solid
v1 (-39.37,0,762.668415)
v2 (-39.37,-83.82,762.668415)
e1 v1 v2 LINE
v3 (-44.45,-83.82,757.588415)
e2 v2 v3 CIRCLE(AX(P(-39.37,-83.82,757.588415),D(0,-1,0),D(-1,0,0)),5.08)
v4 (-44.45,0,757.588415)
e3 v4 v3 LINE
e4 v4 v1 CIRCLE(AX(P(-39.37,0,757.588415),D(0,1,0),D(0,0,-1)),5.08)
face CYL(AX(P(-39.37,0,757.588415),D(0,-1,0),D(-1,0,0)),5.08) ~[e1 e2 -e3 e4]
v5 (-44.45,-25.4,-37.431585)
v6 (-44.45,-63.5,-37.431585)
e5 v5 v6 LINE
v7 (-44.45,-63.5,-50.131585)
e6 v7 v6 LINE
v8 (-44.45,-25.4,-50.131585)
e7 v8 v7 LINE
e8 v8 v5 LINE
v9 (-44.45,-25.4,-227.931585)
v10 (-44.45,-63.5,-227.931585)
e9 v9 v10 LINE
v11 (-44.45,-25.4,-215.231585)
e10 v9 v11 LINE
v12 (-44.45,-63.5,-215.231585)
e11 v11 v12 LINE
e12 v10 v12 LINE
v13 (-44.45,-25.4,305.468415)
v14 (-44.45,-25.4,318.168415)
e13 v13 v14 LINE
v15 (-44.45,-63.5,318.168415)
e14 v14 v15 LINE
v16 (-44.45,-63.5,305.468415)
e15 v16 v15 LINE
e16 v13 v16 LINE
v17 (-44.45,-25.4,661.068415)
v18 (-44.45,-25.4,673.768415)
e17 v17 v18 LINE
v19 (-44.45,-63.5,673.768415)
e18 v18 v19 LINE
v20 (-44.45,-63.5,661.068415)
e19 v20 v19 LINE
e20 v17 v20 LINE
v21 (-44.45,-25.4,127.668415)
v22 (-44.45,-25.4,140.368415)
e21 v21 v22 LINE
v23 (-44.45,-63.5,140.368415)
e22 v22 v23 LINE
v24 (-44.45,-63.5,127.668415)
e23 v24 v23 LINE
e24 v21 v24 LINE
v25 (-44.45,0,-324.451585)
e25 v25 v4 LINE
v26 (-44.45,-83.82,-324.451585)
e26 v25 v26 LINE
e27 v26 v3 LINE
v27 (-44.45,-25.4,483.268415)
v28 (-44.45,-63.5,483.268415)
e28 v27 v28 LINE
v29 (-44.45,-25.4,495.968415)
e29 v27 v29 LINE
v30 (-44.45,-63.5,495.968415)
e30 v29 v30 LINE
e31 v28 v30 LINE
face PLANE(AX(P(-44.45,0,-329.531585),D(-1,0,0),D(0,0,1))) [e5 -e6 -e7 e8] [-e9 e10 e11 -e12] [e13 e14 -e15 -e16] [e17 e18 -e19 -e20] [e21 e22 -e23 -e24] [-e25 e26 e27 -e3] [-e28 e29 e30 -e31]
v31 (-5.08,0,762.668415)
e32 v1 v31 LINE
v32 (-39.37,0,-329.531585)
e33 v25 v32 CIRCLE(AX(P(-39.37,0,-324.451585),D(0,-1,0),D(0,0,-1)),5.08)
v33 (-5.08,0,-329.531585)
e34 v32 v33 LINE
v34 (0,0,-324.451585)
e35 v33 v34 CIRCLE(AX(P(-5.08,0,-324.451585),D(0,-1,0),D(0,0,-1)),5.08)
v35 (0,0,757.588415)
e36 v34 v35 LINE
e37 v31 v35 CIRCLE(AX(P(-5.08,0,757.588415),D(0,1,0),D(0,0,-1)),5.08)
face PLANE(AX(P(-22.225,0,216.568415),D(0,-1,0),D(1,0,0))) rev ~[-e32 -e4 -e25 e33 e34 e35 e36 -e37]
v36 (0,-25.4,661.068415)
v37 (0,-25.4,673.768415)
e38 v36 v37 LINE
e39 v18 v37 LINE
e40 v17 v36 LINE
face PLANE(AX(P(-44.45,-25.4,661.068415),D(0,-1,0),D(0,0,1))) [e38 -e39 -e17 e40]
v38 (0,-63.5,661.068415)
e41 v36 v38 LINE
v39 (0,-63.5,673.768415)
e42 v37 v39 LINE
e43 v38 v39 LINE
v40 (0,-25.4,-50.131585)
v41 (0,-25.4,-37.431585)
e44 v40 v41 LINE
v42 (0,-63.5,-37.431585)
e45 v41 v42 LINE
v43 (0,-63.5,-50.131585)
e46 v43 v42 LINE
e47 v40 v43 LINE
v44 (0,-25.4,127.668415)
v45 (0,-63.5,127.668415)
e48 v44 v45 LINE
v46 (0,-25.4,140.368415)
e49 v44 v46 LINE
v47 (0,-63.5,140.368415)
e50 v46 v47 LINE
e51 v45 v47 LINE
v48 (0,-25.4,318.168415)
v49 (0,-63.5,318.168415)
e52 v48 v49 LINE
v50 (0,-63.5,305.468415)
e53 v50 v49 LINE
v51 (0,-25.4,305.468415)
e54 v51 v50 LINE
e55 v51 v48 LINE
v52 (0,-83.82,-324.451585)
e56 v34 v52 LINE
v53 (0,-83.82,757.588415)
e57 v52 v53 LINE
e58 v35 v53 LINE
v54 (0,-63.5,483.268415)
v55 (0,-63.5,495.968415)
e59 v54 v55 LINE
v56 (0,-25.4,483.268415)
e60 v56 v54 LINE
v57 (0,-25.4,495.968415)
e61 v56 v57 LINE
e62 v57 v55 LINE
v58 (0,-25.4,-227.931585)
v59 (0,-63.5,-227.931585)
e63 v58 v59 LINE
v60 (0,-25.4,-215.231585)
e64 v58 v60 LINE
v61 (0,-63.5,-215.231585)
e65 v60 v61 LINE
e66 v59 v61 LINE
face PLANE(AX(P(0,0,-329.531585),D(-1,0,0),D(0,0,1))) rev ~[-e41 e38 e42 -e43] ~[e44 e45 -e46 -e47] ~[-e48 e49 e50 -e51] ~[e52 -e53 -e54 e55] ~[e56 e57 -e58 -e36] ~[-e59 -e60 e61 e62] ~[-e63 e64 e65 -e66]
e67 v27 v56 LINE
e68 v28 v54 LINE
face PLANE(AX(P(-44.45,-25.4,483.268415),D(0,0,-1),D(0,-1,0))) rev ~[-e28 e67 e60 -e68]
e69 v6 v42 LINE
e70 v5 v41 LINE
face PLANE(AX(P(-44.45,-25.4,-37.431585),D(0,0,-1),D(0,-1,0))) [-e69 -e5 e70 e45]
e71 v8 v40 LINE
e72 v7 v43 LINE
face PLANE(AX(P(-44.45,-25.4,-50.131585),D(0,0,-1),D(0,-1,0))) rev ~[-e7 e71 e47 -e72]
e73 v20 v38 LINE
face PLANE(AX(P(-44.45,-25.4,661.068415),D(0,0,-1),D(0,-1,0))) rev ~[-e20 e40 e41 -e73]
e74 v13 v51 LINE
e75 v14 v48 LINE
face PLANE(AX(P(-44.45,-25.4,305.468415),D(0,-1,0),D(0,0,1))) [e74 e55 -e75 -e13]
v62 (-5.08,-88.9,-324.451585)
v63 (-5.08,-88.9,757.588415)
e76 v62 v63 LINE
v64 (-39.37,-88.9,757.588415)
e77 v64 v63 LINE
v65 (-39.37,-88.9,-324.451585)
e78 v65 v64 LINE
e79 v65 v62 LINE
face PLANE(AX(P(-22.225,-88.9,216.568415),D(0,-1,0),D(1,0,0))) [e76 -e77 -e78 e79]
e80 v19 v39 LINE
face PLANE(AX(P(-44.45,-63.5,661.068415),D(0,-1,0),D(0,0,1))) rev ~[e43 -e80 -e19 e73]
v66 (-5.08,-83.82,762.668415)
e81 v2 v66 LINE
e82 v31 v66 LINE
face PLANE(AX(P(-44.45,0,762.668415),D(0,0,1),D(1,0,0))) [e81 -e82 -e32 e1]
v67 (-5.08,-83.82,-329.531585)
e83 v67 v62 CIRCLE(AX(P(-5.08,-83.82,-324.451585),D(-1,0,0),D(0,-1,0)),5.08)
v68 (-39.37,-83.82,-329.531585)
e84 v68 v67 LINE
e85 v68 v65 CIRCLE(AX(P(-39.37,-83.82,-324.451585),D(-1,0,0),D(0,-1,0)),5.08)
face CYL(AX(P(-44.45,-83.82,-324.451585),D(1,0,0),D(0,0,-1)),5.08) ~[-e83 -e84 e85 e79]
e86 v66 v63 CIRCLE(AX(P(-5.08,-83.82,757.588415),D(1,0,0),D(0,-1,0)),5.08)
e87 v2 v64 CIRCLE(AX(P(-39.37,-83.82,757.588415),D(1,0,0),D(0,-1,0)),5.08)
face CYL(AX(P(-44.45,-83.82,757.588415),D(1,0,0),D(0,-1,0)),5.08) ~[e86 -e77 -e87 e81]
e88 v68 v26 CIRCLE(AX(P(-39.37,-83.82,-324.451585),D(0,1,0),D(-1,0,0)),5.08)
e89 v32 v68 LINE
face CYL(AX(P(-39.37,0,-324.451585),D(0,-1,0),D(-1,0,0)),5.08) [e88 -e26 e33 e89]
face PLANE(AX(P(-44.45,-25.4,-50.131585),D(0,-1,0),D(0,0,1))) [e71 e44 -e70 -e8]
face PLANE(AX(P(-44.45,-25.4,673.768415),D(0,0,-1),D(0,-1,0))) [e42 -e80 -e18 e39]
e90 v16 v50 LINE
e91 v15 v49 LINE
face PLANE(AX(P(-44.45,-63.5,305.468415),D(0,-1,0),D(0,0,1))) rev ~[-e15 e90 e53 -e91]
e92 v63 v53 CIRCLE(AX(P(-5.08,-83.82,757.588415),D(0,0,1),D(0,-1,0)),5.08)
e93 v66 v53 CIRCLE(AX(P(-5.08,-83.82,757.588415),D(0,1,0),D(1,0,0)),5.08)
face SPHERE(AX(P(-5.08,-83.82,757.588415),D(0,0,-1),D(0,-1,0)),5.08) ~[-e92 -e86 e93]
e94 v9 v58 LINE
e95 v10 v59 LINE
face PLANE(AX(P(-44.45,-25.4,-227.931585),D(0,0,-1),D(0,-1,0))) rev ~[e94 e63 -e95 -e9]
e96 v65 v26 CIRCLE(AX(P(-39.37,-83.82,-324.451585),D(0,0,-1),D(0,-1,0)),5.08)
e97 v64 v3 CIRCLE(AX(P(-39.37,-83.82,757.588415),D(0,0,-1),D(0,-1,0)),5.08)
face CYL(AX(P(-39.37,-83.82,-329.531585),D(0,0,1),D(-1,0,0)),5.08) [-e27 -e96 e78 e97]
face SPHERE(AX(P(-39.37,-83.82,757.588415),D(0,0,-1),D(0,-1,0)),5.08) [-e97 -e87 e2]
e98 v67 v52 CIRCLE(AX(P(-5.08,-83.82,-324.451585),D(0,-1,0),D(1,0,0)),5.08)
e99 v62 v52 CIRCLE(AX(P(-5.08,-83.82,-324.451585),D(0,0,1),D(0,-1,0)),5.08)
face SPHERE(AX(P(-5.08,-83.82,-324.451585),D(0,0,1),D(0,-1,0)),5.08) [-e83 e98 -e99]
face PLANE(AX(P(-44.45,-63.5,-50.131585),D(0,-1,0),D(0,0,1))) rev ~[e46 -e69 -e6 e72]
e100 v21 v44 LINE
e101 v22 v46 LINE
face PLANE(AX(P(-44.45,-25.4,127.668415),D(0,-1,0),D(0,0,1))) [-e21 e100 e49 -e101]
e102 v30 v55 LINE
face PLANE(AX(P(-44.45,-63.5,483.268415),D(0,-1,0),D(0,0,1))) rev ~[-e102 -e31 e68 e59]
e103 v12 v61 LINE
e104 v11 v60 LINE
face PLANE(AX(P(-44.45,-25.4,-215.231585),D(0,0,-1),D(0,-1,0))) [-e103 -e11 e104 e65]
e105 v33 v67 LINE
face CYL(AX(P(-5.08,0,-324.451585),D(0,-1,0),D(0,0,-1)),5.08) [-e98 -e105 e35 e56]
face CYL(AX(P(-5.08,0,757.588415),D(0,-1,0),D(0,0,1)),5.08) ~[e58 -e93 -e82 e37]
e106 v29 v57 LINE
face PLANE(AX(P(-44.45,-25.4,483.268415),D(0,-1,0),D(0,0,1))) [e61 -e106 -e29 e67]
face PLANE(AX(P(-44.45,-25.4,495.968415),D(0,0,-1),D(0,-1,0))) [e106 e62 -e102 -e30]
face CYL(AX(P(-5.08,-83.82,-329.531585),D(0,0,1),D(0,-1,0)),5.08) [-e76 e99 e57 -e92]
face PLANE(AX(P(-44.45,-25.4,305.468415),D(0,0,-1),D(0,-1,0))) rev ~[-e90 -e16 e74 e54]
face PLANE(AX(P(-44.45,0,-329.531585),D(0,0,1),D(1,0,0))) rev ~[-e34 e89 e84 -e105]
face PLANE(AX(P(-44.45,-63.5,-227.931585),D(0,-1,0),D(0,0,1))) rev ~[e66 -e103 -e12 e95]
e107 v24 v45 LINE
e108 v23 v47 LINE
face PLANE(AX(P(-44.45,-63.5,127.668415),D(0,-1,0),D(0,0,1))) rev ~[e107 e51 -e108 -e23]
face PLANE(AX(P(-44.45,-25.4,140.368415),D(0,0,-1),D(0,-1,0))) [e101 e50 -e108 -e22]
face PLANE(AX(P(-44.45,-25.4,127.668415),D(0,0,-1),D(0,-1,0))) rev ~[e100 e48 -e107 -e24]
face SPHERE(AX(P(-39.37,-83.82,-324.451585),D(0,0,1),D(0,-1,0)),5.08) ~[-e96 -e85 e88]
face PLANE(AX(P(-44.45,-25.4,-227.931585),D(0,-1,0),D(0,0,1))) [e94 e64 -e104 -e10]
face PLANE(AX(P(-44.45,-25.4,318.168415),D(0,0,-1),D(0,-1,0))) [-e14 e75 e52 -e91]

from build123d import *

# Parameters (mm, degrees)
F0_W     = 44.45
F0_H     = 1092.2
F1_DEPTH = 88.9
F2_W     = 38.1
F2_H     = 12.7
F3_DEPTH = 44.451
F4_R     = 5.08


with BuildPart() as f1:
    # F0 (on Front) → F1 (new body)
    with BuildSketch(Plane.XZ):
        with Locations((-22.225, 216.568415)):
            Rectangle(F0_W, F0_H)
    extrude(amount=F1_DEPTH)

    # F2 (on face) → F3 (cut, through all)
    with BuildSketch(Plane(origin=(-44.45, 0, 0), x_dir=(0, -1, 0), z_dir=(-1, 0, 0))):
        with Locations((44.45, 667.418415)):
            Rectangle(F2_W, F2_H)
        with Locations((44.45, -43.781585)):
            Rectangle(F2_W, F2_H)
        with Locations((44.45, 134.018415)):
            Rectangle(F2_W, F2_H)
        with Locations((44.45, 311.818415)):
            Rectangle(F2_W, F2_H)
        with Locations((44.45, -221.581585)):
            Rectangle(F2_W, F2_H)
        with Locations((44.45, 489.618415)):
            Rectangle(F2_W, F2_H)
    extrude(amount=-F3_DEPTH, mode=Mode.SUBTRACT)

    # F4
    f4_edges = [f1.edges().sort_by_distance(p)[0] for p in [
        (-44.45, -88.9, 216.568415),
        (0, -88.9, 216.568415),
        (-22.225, -88.9, 762.668415),
        (0, -44.45, 762.668415),
        (-44.45, -44.45, 762.668415),
        (-22.225, -88.9, -329.531585),
        (0, -44.45, -329.531585),
        (-44.45, -44.45, -329.531585),
    ]]
    fillet(f4_edges, radius=F4_R)


solid = f1.part
